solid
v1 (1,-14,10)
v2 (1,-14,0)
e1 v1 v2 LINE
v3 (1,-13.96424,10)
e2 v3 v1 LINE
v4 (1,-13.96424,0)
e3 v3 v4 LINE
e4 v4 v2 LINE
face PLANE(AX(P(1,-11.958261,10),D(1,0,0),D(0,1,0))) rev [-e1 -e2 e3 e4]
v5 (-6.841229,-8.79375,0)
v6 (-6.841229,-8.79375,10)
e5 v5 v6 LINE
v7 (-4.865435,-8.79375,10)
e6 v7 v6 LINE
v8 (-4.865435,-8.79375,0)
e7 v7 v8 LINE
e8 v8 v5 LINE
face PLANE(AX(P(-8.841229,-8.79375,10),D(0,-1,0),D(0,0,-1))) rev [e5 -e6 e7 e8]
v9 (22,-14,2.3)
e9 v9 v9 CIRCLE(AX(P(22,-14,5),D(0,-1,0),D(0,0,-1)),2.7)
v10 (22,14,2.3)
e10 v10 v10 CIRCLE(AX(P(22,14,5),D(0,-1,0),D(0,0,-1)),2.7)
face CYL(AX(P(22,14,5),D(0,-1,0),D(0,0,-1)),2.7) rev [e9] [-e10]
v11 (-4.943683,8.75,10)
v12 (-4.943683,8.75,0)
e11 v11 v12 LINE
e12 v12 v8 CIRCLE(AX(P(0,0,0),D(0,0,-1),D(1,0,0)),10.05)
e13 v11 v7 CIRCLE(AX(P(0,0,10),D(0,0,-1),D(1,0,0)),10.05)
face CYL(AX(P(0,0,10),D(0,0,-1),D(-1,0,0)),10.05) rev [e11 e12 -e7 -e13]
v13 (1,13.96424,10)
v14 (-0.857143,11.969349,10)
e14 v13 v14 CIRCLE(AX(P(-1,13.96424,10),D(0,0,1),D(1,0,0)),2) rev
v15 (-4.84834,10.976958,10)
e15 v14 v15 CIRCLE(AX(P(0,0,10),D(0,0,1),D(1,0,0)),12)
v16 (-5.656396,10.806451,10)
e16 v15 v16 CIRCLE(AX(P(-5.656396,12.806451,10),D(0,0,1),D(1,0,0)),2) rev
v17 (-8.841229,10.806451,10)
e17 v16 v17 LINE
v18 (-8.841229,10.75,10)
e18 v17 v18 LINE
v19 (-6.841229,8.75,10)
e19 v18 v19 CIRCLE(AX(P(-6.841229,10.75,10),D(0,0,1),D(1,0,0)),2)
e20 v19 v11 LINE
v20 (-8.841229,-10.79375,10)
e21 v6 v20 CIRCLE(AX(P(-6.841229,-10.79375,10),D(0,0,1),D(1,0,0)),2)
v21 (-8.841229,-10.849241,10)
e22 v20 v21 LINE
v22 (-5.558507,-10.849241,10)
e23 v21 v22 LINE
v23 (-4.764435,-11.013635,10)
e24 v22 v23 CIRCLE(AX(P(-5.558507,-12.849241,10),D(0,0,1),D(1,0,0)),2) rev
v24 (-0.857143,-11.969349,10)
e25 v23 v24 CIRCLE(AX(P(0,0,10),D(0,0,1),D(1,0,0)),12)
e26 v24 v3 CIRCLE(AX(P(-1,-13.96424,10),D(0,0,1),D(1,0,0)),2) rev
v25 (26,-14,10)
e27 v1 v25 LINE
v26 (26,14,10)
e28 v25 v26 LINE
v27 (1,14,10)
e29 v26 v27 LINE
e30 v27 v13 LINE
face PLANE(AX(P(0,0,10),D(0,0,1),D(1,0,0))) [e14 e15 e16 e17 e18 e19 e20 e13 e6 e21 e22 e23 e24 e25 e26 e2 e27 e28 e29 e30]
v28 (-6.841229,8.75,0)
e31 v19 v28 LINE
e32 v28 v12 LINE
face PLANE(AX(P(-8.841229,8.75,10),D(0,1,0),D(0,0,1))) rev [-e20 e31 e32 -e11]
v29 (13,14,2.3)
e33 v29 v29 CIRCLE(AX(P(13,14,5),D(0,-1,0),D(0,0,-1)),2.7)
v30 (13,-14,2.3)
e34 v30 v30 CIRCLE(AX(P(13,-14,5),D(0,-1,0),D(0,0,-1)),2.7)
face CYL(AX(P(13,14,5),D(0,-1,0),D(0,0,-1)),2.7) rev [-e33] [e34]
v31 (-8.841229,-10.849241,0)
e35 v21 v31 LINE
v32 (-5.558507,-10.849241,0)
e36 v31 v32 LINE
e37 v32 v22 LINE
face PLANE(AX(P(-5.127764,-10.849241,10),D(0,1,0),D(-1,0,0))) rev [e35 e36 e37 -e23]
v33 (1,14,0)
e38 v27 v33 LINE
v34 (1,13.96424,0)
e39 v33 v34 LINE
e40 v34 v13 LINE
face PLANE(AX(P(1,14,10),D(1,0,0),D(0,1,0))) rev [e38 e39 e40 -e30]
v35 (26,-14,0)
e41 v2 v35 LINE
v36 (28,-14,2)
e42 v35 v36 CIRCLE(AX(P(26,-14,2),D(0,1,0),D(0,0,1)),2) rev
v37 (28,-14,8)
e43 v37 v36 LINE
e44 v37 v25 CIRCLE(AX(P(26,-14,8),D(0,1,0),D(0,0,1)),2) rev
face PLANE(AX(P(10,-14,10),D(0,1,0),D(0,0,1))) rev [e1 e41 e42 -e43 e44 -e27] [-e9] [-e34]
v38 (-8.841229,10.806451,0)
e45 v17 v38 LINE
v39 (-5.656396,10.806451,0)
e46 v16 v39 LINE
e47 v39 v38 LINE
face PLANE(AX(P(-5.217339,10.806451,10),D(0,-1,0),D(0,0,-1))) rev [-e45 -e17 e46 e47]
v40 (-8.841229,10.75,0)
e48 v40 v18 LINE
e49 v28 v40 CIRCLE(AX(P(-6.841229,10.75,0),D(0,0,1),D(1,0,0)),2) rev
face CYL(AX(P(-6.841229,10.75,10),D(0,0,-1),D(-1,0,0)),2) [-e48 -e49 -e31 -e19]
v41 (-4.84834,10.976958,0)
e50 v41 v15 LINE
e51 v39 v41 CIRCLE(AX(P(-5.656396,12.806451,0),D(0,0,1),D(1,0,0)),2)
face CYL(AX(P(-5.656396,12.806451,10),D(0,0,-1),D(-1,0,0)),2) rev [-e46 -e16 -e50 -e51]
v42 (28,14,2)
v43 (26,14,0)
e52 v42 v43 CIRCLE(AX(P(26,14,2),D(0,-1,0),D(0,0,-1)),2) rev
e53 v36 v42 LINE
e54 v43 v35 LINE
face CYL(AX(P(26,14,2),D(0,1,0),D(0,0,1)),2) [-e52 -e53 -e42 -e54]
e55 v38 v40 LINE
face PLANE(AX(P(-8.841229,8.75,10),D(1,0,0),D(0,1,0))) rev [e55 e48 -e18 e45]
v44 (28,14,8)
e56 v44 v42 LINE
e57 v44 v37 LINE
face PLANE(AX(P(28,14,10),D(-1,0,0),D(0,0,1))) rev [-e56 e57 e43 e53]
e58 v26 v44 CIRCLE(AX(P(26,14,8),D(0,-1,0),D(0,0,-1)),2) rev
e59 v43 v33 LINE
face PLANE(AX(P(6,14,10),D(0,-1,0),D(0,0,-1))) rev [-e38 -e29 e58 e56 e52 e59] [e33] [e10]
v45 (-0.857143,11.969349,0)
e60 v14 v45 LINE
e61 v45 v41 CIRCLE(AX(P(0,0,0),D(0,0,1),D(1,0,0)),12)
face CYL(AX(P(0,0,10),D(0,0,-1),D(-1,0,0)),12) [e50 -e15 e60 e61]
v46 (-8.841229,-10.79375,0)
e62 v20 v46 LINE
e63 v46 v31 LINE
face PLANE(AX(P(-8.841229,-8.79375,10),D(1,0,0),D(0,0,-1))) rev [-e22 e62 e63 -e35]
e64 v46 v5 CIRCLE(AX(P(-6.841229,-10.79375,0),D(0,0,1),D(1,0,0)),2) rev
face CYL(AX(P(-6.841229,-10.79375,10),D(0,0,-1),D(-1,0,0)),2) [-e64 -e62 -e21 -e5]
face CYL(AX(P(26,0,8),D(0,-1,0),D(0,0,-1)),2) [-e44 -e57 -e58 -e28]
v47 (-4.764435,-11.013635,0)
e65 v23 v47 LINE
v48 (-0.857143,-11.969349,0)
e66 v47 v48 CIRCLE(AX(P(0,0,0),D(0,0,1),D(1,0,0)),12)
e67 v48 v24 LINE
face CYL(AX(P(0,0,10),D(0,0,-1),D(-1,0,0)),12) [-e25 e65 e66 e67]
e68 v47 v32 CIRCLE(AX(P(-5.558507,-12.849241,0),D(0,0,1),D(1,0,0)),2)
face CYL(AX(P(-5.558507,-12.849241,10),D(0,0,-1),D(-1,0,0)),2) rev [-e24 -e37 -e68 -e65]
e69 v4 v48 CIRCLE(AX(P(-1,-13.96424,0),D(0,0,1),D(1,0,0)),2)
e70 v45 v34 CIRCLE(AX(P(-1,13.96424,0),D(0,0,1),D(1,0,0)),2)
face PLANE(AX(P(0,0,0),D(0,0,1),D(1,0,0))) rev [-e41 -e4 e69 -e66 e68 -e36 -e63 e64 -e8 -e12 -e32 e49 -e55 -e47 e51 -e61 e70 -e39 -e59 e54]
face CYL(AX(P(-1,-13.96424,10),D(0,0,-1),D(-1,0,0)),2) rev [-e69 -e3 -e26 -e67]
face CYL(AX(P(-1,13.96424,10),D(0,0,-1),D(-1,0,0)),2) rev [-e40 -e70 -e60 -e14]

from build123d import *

# Parameters (mm, degrees)
BOSS_EXTRUDE1_DEPTH = 10
FILLET1_R           = 2
SKETCH2_R           = 2.7
CUT_EXTRUDE1_DEPTH  = 41.841155713


with BuildPart() as part:
    # Sketch1 → Boss-Extrude1 (new body)
    with BuildSketch(Plane.XY):
        with BuildLine():
            Line((1, -11.958260743), (1, -14))
            Line((1, -14), (10, -14))
            Line((10, -14), (28, -14))
            Line((28, -14), (28, 14))
            Line((28, 14), (6, 14))
            Line((6, 14), (1, 14))
            Line((1, 14), (1, 11.958260743))
            ThreePointArc((1, 11.958260743), (-2.185898684, 11.799230778), (-5.217338717, 10.806450699))
            Line((-5.217338717, 10.806450699), (-8.841229183, 10.806450699))
            Line((-8.841229183, 10.806450699), (-8.841229183, 8.75))
            Line((-8.841229183, 8.75), (-4.943682838, 8.75))
            ThreePointArc((-4.943682838, 8.75), (10.04990004, 0.04482392), (-4.865435329, -8.79375))
            Line((-4.865435329, -8.79375), (-8.841229183, -8.79375))
            Line((-8.841229183, -8.79375), (-8.841229183, -10.849241119))
            Line((-8.841229183, -10.849241119), (-5.127764341, -10.849241119))
            ThreePointArc((-5.127764341, -10.849241119), (-2.137075278, -11.808171292), (1, -11.958260743))
        make_face()
    extrude(amount=BOSS_EXTRUDE1_DEPTH)

    # Fillet1
    fillet1_edges = [part.edges().sort_by_distance(p)[0] for p in [
        (28, 0, 0),
        (-8.841229183, 8.75, 5),
        (-5.217338717, 10.806450699, 5),
        (1, 11.958260743, 5),
        (1, -11.958260743, 5),
        (-5.127764341, -10.849241119, 5),
        (-8.841229183, -8.79375, 5),
        (28, 0, 10),
    ]]
    fillet(fillet1_edges, radius=FILLET1_R)

    # Sketch2 → Cut-Extrude1 (cut, through all)
    with BuildSketch(Plane.XZ.offset(14)):
        with Locations(Location((13, 5, 0), (0, 0, 270))):
            Circle(SKETCH2_R)
        with Locations(Location((22, 5, 0), (0, 0, 270))):
            Circle(SKETCH2_R)
    extrude(amount=-CUT_EXTRUDE1_DEPTH, mode=Mode.SUBTRACT)


solid = part.part
